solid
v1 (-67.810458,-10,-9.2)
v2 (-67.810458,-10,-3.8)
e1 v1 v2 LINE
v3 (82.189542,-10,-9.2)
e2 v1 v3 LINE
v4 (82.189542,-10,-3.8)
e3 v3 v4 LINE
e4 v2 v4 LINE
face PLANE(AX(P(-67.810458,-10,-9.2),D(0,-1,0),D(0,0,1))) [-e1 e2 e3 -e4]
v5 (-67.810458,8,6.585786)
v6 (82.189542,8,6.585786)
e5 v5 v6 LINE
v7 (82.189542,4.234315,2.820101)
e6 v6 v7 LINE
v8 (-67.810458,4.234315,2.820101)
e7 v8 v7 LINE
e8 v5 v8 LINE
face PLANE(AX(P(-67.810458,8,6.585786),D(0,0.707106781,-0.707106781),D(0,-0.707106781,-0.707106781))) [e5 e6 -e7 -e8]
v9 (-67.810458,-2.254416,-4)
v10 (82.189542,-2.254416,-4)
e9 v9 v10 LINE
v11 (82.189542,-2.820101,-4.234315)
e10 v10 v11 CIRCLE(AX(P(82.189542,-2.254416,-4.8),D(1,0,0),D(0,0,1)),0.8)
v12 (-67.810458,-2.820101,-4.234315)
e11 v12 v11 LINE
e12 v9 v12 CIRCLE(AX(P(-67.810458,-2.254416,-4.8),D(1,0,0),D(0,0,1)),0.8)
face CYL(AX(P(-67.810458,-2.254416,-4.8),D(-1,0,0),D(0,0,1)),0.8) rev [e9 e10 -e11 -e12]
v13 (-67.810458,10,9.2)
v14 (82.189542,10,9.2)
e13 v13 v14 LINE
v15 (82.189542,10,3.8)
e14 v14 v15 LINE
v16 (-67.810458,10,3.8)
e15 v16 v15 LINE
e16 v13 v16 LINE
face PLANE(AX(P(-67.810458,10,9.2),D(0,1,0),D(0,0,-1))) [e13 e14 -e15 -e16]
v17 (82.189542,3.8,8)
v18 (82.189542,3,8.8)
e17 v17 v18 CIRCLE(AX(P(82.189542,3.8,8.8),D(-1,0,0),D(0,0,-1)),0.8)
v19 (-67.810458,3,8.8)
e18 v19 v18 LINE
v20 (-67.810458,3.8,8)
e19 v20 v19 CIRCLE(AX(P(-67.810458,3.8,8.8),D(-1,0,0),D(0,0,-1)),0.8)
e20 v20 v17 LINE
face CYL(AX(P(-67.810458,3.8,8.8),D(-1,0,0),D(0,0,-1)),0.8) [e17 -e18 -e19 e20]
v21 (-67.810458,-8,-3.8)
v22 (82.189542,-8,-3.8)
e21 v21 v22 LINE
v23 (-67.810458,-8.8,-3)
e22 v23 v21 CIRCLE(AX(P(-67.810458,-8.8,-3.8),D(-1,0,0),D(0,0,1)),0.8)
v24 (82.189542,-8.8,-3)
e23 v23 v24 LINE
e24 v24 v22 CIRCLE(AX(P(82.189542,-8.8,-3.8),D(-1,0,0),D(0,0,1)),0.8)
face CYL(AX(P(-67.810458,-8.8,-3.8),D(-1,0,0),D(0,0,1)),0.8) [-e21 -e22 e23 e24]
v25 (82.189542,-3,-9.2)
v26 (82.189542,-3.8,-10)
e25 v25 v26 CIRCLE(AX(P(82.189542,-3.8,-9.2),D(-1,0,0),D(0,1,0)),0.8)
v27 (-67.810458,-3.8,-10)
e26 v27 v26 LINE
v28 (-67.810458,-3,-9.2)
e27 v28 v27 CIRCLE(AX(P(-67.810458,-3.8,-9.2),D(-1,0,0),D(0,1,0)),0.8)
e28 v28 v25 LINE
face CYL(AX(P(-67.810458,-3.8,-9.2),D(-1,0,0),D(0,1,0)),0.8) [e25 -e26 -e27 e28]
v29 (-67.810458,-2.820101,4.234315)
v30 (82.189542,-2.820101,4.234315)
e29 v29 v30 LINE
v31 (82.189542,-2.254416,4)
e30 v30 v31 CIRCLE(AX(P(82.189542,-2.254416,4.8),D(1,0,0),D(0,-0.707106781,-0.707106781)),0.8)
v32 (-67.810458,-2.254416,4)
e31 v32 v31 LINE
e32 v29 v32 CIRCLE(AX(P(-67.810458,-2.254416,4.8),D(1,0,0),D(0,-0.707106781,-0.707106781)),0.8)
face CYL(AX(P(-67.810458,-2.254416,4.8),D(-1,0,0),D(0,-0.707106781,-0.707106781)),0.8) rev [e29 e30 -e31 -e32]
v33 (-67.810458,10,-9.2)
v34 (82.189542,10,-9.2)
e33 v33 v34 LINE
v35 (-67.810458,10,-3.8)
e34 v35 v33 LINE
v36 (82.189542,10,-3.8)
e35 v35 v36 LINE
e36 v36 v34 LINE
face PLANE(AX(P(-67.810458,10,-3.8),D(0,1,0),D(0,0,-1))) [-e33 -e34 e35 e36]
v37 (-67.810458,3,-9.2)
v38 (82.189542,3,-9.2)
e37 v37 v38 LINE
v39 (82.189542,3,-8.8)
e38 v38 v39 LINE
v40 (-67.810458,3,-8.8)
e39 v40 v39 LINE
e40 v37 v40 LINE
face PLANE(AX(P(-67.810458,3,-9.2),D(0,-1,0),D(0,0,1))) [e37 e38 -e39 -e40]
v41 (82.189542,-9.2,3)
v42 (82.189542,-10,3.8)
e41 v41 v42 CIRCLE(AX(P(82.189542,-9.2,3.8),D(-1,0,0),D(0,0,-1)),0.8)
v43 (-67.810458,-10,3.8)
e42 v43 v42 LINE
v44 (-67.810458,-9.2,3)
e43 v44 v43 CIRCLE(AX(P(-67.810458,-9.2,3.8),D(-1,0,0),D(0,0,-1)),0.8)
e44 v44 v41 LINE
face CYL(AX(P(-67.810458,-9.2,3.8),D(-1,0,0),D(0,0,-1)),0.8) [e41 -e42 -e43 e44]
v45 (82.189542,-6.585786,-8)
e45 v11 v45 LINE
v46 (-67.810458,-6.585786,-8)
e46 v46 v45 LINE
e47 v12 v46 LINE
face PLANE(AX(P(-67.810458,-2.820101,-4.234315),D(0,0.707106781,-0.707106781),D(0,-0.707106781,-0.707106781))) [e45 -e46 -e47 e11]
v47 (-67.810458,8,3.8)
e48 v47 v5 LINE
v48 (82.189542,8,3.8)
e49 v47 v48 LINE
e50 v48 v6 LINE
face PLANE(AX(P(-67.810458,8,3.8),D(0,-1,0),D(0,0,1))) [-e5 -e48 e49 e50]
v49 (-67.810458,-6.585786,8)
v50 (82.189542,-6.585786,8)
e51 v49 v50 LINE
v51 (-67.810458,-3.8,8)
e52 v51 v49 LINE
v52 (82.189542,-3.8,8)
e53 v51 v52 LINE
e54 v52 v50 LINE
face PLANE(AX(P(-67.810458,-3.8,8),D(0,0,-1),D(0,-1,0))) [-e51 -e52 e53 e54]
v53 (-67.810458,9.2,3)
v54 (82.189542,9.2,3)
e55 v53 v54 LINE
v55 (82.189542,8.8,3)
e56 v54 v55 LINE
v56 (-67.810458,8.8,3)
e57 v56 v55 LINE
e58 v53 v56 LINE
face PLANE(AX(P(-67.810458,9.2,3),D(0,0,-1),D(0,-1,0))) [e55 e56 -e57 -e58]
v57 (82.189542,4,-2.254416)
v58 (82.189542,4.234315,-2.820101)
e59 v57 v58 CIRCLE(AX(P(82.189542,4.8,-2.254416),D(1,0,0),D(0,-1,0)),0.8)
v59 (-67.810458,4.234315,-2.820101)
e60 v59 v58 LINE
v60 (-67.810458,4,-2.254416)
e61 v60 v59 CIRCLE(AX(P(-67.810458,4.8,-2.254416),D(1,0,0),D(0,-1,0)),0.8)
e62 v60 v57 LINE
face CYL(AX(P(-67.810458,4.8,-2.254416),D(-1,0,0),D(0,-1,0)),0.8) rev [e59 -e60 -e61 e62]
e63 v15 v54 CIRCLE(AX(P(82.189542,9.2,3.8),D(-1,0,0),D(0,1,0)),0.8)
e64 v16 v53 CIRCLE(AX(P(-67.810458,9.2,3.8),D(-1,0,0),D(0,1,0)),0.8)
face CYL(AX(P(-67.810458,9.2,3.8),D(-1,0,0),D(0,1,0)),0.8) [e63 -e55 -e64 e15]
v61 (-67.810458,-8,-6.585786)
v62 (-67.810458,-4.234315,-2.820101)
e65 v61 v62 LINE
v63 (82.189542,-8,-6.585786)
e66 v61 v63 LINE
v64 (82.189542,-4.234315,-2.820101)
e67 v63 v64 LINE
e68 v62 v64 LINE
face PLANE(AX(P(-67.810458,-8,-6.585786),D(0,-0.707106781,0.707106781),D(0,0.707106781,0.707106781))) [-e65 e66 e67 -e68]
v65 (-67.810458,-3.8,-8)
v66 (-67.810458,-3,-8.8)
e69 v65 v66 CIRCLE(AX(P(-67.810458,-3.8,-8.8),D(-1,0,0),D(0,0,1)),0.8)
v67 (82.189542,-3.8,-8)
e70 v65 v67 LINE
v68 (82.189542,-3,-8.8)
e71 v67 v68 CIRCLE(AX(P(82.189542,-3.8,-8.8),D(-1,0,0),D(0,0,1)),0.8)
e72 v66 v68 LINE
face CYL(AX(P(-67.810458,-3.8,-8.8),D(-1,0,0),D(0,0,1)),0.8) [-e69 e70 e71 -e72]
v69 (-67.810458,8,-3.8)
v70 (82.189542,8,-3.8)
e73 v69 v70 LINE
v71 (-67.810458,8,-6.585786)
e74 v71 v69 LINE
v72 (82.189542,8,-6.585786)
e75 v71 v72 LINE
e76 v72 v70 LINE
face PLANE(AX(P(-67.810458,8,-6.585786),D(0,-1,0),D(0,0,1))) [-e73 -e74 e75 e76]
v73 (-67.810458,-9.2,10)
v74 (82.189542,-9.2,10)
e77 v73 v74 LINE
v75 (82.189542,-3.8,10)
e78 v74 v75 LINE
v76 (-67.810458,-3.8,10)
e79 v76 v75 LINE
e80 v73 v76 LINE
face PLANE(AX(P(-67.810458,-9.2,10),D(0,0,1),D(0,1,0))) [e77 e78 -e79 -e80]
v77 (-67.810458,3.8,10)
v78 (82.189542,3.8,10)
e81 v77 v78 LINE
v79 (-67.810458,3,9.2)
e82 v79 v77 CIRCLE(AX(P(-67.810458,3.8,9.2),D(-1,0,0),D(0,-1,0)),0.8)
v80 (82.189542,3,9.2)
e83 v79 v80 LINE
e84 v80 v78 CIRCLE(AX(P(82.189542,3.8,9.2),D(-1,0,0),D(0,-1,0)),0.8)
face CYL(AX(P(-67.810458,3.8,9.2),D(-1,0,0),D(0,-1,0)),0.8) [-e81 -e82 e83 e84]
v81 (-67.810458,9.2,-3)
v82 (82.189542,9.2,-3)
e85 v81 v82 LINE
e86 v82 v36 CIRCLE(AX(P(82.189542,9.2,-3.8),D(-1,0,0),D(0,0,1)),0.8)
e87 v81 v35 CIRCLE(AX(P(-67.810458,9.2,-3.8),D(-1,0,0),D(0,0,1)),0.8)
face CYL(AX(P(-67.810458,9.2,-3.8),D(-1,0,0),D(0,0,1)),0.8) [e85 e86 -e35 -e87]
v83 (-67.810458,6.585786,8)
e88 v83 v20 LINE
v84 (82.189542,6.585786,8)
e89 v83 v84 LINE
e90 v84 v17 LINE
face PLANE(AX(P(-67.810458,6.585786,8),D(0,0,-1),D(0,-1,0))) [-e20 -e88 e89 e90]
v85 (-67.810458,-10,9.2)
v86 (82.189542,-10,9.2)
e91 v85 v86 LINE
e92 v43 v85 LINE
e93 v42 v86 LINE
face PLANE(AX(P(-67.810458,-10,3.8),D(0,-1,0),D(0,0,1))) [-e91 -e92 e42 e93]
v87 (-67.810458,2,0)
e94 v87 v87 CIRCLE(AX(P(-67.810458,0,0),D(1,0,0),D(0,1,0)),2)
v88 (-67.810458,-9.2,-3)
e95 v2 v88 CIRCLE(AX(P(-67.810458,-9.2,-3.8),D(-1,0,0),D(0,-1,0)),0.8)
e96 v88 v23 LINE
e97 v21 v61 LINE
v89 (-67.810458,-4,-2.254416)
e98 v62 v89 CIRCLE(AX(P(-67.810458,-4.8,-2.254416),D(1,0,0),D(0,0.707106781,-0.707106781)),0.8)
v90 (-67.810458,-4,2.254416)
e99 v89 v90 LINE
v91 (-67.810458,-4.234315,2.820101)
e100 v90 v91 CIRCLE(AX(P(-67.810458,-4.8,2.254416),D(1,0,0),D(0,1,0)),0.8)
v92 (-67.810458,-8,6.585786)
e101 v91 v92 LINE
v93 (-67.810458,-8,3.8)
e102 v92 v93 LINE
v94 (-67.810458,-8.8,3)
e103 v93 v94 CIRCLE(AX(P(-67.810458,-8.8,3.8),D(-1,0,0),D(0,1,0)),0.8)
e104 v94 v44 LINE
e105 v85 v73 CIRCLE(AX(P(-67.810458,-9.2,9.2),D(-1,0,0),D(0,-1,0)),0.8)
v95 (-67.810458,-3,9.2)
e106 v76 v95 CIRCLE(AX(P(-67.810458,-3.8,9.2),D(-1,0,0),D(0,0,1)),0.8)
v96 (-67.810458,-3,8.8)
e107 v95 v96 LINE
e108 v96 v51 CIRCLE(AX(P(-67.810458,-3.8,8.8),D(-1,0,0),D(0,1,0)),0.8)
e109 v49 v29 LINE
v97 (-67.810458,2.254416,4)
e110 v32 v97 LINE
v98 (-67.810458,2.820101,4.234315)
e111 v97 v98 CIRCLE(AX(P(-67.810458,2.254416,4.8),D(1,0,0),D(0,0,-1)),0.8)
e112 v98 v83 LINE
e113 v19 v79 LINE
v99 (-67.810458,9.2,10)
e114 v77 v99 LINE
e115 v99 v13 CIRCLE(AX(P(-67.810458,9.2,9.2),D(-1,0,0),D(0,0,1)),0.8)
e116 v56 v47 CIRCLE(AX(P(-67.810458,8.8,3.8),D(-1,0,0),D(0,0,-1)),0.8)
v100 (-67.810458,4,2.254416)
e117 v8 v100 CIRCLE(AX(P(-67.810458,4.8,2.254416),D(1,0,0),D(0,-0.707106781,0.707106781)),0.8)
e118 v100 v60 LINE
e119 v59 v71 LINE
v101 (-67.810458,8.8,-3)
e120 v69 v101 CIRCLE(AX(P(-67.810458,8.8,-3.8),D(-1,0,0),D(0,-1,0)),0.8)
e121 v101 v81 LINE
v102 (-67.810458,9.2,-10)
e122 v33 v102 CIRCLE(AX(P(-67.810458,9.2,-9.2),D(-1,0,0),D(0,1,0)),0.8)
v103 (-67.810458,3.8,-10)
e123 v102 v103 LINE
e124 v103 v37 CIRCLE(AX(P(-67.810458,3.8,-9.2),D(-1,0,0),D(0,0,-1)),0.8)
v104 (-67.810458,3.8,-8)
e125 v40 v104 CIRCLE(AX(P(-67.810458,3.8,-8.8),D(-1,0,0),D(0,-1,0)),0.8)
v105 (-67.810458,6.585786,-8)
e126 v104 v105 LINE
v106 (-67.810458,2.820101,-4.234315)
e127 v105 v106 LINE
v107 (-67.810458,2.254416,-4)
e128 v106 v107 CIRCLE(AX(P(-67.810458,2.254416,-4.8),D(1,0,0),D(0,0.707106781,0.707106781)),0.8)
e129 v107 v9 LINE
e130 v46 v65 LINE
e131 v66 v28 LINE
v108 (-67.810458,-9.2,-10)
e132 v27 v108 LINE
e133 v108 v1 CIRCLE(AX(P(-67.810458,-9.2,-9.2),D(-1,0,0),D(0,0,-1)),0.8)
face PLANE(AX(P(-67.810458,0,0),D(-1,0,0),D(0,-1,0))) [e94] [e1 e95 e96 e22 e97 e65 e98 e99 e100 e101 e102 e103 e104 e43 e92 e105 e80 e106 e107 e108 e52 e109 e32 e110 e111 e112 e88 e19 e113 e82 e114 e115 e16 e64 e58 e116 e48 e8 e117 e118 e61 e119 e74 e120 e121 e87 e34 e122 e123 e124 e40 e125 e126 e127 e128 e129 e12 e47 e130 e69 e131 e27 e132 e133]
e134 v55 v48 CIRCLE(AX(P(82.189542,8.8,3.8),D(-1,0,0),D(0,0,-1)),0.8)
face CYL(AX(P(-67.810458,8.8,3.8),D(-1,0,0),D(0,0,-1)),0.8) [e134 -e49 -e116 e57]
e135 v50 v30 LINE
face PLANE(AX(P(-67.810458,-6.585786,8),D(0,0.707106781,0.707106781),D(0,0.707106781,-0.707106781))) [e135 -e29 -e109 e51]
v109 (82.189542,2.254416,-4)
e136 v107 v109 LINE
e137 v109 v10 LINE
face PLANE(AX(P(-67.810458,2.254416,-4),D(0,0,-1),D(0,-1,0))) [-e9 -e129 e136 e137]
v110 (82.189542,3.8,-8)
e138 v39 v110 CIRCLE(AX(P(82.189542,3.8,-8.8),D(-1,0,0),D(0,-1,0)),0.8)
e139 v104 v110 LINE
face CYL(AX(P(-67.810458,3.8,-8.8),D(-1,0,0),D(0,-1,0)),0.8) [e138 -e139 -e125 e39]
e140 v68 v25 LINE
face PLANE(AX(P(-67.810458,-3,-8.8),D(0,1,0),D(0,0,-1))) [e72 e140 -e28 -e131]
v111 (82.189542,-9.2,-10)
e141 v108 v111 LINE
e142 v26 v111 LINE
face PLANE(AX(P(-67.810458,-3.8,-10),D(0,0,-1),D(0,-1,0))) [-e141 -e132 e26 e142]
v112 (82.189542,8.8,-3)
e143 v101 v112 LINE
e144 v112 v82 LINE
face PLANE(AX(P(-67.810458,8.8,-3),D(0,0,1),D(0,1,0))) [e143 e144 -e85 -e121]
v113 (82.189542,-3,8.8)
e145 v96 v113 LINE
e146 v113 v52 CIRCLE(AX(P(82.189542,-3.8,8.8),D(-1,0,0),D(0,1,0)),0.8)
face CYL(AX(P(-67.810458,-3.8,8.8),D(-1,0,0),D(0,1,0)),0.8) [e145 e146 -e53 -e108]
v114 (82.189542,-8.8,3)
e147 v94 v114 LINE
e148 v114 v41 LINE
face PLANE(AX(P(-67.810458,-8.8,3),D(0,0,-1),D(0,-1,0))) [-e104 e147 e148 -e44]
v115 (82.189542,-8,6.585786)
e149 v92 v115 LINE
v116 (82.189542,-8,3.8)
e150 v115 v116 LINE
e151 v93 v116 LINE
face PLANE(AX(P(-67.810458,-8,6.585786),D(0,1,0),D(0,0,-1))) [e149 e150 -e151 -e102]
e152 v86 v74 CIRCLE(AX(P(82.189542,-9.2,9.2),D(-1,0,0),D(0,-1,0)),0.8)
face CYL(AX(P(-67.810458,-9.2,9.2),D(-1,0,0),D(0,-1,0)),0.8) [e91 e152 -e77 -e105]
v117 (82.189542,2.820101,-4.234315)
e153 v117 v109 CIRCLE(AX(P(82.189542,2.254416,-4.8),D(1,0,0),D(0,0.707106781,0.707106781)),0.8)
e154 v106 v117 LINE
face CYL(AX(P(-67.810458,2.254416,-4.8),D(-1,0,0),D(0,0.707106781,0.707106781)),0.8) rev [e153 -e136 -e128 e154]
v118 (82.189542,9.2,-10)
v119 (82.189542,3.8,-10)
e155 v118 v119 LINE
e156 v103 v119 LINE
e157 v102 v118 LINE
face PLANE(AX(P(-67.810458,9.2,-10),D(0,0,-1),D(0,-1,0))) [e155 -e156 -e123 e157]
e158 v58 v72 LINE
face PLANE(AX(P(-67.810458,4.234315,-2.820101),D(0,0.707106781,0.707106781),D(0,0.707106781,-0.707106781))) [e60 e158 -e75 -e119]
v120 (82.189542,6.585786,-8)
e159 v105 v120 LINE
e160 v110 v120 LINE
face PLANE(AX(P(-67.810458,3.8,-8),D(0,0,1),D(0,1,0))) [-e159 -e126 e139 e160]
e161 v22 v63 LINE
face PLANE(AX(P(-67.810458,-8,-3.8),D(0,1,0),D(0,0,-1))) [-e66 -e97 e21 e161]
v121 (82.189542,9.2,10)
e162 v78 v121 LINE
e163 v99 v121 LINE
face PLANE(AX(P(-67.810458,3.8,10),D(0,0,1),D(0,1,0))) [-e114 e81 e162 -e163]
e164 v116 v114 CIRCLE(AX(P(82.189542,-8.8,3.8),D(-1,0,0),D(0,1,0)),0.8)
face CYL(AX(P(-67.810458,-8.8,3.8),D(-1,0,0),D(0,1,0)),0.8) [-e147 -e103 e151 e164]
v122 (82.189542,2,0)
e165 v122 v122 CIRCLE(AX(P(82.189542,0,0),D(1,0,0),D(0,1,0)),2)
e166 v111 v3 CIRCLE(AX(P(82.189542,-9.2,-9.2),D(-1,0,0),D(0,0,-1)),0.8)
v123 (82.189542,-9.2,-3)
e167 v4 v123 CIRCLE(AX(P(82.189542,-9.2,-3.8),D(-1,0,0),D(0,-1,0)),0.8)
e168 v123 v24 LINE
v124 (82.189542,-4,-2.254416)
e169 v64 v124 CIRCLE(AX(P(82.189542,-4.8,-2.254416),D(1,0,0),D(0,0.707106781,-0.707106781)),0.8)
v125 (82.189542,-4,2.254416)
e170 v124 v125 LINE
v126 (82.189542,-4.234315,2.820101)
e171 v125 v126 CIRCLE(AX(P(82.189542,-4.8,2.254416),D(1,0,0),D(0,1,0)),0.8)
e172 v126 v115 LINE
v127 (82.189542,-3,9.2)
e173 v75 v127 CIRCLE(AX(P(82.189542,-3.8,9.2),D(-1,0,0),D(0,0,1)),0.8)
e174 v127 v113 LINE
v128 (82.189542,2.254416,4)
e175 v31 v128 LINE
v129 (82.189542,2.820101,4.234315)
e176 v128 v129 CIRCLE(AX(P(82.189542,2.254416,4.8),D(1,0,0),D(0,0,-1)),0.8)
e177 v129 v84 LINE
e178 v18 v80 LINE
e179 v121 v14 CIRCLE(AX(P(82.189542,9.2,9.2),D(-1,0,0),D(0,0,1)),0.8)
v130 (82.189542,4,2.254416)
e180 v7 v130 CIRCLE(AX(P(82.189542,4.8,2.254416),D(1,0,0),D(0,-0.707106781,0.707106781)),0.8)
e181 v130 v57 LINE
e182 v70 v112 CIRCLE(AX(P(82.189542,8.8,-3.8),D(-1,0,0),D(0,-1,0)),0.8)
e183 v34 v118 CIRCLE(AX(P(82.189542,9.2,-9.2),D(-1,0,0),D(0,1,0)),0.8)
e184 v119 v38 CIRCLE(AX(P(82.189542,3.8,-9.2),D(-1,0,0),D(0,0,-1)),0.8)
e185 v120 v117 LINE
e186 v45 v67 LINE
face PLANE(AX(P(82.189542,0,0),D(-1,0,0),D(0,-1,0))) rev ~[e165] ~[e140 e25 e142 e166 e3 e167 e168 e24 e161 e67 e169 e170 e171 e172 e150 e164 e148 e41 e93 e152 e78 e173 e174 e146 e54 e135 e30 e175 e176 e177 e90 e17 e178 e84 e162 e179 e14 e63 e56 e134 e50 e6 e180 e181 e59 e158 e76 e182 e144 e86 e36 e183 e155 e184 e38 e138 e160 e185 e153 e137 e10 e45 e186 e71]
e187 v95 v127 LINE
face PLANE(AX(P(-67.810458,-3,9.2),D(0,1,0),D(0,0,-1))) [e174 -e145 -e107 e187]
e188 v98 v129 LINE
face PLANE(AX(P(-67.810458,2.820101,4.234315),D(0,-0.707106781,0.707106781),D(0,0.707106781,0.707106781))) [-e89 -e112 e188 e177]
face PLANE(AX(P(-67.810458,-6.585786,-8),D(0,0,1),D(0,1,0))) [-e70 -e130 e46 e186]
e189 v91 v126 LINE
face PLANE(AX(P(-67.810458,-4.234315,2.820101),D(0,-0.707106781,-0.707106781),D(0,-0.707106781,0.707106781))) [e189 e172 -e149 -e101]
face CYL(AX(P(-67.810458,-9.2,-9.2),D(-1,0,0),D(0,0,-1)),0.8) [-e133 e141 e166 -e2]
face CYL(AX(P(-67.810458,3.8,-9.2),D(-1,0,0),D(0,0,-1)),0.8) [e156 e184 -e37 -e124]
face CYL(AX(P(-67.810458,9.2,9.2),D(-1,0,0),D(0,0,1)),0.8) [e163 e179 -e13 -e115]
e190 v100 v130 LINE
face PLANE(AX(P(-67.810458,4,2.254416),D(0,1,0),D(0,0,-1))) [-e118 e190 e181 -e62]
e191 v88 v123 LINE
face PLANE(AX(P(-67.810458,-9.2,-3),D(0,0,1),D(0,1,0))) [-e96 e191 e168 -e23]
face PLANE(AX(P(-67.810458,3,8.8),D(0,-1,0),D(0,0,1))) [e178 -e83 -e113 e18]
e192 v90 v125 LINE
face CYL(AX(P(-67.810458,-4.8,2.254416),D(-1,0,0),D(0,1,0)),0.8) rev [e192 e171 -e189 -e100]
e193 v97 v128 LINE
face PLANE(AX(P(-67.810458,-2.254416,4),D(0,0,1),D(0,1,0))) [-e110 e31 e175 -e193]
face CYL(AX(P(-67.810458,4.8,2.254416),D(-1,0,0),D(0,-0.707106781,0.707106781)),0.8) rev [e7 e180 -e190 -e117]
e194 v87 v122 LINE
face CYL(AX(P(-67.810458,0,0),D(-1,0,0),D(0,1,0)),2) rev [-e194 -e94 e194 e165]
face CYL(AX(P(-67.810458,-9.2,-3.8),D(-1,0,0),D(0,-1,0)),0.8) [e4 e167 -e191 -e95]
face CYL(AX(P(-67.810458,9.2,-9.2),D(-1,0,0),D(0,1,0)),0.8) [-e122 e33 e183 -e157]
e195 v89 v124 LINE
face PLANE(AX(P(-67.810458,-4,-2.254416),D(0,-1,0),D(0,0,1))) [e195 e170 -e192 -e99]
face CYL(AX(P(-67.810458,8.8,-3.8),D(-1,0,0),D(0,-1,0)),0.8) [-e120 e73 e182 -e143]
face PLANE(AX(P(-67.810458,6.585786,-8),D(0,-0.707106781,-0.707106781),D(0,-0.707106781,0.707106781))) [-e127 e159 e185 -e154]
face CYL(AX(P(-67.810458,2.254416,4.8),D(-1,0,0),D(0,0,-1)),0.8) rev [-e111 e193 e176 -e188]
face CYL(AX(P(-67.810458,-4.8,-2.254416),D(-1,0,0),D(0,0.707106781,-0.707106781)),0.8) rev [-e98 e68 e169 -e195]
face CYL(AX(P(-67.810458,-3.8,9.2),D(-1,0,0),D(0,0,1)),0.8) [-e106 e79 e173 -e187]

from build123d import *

# Parameters (mm, degrees)
SKETCH1_R           = 2
PROFILE_4X4_1_DEPTH = 150


with BuildPart() as part:
    # Sketch1 → Profile 4X4(1) (new body)
    with BuildSketch(Plane.YZ.offset(-67.810457516)):
        with BuildLine():
            Line((-3, 9.2), (-3, 8.8))
            ThreePointArc((-3, 8.8), (-3.234314575, 8.234314575), (-3.8, 8))
            Line((-3.8, 8), (-6.585786438, 8))
            Line((-6.585786438, 8), (-2.820101013, 4.234314575))
            ThreePointArc((-2.820101013, 4.234314575), (-2.560562334, 4.060896374), (-2.254415588, 4))
            Line((-2.254415588, 4), (2.254415588, 4))
            ThreePointArc((2.254415588, 4), (2.560562334, 4.060896374), (2.820101013, 4.234314575))
            Line((2.820101013, 4.234314575), (6.585786438, 8))
            Line((6.585786438, 8), (3.8, 8))
            ThreePointArc((3.8, 8), (3.234314575, 8.234314575), (3, 8.8))
            Line((3, 8.8), (3, 9.2))
            ThreePointArc((3, 9.2), (3.234314575, 9.765685425), (3.8, 10))
            Line((3.8, 10), (9.2, 10))
            ThreePointArc((9.2, 10), (9.765685425, 9.765685425), (10, 9.2))
            Line((10, 9.2), (10, 3.8))
            ThreePointArc((10, 3.8), (9.765685425, 3.234314575), (9.2, 3))
            Line((9.2, 3), (8.8, 3))
            ThreePointArc((8.8, 3), (8.234314575, 3.234314575), (8, 3.8))
            Line((8, 3.8), (8, 6.585786438))
            Line((8, 6.585786438), (4.234314575, 2.820101013))
            ThreePointArc((4.234314575, 2.820101013), (4.060896374, 2.560562334), (4, 2.254415588))
            Line((4, 2.254415588), (4, -2.254415588))
            ThreePointArc((4, -2.254415588), (4.060896374, -2.560562334), (4.234314575, -2.820101013))
            Line((4.234314575, -2.820101013), (8, -6.585786438))
            Line((8, -6.585786438), (8, -3.8))
            ThreePointArc((8, -3.8), (8.234314575, -3.234314575), (8.8, -3))
            Line((8.8, -3), (9.2, -3))
            ThreePointArc((9.2, -3), (9.765685425, -3.234314575), (10, -3.8))
            Line((10, -3.8), (10, -9.2))
            ThreePointArc((10, -9.2), (9.765685425, -9.765685425), (9.2, -10))
            Line((9.2, -10), (3.8, -10))
            ThreePointArc((3.8, -10), (3.234314575, -9.765685425), (3, -9.2))
            Line((3, -9.2), (3, -8.8))
            ThreePointArc((3, -8.8), (3.234314575, -8.234314575), (3.8, -8))
            Line((3.8, -8), (6.585786438, -8))
            Line((6.585786438, -8), (2.820101013, -4.234314575))
            ThreePointArc((2.820101013, -4.234314575), (2.560562334, -4.060896374), (2.254415588, -4))
            Line((2.254415588, -4), (-2.254415588, -4))
            ThreePointArc((-2.254415588, -4), (-2.560562334, -4.060896374), (-2.820101013, -4.234314575))
            Line((-2.820101013, -4.234314575), (-6.585786438, -8))
            Line((-6.585786438, -8), (-3.8, -8))
            ThreePointArc((-3.8, -8), (-3.234314575, -8.234314575), (-3, -8.8))
            Line((-3, -8.8), (-3, -9.2))
            ThreePointArc((-3, -9.2), (-3.234314575, -9.765685425), (-3.8, -10))
            Line((-3.8, -10), (-9.2, -10))
            ThreePointArc((-9.2, -10), (-9.765685425, -9.765685425), (-10, -9.2))
            Line((-10, -9.2), (-10, -3.8))
            ThreePointArc((-10, -3.8), (-9.765685425, -3.234314575), (-9.2, -3))
            Line((-9.2, -3), (-8.8, -3))
            ThreePointArc((-8.8, -3), (-8.234314575, -3.234314575), (-8, -3.8))
            Line((-8, -3.8), (-8, -6.585786438))
            Line((-8, -6.585786438), (-4.234314575, -2.820101013))
            ThreePointArc((-4.234314575, -2.820101013), (-4.060896374, -2.560562334), (-4, -2.254415588))
            Line((-4, -2.254415588), (-4, 2.254415588))
            ThreePointArc((-4, 2.254415588), (-4.060896374, 2.560562334), (-4.234314575, 2.820101013))
            Line((-4.234314575, 2.820101013), (-8, 6.585786438))
            Line((-8, 6.585786438), (-8, 3.8))
            ThreePointArc((-8, 3.8), (-8.234314575, 3.234314575), (-8.8, 3))
            Line((-8.8, 3), (-9.2, 3))
            ThreePointArc((-9.2, 3), (-9.765685425, 3.234314575), (-10, 3.8))
            Line((-10, 3.8), (-10, 9.2))
            ThreePointArc((-10, 9.2), (-9.765685425, 9.765685425), (-9.2, 10))
            Line((-9.2, 10), (-3.8, 10))
            ThreePointArc((-3.8, 10), (-3.234314575, 9.765685425), (-3, 9.2))
        make_face()
        Circle(SKETCH1_R, mode=Mode.SUBTRACT)
    extrude(amount=PROFILE_4X4_1_DEPTH)


solid = part.part
